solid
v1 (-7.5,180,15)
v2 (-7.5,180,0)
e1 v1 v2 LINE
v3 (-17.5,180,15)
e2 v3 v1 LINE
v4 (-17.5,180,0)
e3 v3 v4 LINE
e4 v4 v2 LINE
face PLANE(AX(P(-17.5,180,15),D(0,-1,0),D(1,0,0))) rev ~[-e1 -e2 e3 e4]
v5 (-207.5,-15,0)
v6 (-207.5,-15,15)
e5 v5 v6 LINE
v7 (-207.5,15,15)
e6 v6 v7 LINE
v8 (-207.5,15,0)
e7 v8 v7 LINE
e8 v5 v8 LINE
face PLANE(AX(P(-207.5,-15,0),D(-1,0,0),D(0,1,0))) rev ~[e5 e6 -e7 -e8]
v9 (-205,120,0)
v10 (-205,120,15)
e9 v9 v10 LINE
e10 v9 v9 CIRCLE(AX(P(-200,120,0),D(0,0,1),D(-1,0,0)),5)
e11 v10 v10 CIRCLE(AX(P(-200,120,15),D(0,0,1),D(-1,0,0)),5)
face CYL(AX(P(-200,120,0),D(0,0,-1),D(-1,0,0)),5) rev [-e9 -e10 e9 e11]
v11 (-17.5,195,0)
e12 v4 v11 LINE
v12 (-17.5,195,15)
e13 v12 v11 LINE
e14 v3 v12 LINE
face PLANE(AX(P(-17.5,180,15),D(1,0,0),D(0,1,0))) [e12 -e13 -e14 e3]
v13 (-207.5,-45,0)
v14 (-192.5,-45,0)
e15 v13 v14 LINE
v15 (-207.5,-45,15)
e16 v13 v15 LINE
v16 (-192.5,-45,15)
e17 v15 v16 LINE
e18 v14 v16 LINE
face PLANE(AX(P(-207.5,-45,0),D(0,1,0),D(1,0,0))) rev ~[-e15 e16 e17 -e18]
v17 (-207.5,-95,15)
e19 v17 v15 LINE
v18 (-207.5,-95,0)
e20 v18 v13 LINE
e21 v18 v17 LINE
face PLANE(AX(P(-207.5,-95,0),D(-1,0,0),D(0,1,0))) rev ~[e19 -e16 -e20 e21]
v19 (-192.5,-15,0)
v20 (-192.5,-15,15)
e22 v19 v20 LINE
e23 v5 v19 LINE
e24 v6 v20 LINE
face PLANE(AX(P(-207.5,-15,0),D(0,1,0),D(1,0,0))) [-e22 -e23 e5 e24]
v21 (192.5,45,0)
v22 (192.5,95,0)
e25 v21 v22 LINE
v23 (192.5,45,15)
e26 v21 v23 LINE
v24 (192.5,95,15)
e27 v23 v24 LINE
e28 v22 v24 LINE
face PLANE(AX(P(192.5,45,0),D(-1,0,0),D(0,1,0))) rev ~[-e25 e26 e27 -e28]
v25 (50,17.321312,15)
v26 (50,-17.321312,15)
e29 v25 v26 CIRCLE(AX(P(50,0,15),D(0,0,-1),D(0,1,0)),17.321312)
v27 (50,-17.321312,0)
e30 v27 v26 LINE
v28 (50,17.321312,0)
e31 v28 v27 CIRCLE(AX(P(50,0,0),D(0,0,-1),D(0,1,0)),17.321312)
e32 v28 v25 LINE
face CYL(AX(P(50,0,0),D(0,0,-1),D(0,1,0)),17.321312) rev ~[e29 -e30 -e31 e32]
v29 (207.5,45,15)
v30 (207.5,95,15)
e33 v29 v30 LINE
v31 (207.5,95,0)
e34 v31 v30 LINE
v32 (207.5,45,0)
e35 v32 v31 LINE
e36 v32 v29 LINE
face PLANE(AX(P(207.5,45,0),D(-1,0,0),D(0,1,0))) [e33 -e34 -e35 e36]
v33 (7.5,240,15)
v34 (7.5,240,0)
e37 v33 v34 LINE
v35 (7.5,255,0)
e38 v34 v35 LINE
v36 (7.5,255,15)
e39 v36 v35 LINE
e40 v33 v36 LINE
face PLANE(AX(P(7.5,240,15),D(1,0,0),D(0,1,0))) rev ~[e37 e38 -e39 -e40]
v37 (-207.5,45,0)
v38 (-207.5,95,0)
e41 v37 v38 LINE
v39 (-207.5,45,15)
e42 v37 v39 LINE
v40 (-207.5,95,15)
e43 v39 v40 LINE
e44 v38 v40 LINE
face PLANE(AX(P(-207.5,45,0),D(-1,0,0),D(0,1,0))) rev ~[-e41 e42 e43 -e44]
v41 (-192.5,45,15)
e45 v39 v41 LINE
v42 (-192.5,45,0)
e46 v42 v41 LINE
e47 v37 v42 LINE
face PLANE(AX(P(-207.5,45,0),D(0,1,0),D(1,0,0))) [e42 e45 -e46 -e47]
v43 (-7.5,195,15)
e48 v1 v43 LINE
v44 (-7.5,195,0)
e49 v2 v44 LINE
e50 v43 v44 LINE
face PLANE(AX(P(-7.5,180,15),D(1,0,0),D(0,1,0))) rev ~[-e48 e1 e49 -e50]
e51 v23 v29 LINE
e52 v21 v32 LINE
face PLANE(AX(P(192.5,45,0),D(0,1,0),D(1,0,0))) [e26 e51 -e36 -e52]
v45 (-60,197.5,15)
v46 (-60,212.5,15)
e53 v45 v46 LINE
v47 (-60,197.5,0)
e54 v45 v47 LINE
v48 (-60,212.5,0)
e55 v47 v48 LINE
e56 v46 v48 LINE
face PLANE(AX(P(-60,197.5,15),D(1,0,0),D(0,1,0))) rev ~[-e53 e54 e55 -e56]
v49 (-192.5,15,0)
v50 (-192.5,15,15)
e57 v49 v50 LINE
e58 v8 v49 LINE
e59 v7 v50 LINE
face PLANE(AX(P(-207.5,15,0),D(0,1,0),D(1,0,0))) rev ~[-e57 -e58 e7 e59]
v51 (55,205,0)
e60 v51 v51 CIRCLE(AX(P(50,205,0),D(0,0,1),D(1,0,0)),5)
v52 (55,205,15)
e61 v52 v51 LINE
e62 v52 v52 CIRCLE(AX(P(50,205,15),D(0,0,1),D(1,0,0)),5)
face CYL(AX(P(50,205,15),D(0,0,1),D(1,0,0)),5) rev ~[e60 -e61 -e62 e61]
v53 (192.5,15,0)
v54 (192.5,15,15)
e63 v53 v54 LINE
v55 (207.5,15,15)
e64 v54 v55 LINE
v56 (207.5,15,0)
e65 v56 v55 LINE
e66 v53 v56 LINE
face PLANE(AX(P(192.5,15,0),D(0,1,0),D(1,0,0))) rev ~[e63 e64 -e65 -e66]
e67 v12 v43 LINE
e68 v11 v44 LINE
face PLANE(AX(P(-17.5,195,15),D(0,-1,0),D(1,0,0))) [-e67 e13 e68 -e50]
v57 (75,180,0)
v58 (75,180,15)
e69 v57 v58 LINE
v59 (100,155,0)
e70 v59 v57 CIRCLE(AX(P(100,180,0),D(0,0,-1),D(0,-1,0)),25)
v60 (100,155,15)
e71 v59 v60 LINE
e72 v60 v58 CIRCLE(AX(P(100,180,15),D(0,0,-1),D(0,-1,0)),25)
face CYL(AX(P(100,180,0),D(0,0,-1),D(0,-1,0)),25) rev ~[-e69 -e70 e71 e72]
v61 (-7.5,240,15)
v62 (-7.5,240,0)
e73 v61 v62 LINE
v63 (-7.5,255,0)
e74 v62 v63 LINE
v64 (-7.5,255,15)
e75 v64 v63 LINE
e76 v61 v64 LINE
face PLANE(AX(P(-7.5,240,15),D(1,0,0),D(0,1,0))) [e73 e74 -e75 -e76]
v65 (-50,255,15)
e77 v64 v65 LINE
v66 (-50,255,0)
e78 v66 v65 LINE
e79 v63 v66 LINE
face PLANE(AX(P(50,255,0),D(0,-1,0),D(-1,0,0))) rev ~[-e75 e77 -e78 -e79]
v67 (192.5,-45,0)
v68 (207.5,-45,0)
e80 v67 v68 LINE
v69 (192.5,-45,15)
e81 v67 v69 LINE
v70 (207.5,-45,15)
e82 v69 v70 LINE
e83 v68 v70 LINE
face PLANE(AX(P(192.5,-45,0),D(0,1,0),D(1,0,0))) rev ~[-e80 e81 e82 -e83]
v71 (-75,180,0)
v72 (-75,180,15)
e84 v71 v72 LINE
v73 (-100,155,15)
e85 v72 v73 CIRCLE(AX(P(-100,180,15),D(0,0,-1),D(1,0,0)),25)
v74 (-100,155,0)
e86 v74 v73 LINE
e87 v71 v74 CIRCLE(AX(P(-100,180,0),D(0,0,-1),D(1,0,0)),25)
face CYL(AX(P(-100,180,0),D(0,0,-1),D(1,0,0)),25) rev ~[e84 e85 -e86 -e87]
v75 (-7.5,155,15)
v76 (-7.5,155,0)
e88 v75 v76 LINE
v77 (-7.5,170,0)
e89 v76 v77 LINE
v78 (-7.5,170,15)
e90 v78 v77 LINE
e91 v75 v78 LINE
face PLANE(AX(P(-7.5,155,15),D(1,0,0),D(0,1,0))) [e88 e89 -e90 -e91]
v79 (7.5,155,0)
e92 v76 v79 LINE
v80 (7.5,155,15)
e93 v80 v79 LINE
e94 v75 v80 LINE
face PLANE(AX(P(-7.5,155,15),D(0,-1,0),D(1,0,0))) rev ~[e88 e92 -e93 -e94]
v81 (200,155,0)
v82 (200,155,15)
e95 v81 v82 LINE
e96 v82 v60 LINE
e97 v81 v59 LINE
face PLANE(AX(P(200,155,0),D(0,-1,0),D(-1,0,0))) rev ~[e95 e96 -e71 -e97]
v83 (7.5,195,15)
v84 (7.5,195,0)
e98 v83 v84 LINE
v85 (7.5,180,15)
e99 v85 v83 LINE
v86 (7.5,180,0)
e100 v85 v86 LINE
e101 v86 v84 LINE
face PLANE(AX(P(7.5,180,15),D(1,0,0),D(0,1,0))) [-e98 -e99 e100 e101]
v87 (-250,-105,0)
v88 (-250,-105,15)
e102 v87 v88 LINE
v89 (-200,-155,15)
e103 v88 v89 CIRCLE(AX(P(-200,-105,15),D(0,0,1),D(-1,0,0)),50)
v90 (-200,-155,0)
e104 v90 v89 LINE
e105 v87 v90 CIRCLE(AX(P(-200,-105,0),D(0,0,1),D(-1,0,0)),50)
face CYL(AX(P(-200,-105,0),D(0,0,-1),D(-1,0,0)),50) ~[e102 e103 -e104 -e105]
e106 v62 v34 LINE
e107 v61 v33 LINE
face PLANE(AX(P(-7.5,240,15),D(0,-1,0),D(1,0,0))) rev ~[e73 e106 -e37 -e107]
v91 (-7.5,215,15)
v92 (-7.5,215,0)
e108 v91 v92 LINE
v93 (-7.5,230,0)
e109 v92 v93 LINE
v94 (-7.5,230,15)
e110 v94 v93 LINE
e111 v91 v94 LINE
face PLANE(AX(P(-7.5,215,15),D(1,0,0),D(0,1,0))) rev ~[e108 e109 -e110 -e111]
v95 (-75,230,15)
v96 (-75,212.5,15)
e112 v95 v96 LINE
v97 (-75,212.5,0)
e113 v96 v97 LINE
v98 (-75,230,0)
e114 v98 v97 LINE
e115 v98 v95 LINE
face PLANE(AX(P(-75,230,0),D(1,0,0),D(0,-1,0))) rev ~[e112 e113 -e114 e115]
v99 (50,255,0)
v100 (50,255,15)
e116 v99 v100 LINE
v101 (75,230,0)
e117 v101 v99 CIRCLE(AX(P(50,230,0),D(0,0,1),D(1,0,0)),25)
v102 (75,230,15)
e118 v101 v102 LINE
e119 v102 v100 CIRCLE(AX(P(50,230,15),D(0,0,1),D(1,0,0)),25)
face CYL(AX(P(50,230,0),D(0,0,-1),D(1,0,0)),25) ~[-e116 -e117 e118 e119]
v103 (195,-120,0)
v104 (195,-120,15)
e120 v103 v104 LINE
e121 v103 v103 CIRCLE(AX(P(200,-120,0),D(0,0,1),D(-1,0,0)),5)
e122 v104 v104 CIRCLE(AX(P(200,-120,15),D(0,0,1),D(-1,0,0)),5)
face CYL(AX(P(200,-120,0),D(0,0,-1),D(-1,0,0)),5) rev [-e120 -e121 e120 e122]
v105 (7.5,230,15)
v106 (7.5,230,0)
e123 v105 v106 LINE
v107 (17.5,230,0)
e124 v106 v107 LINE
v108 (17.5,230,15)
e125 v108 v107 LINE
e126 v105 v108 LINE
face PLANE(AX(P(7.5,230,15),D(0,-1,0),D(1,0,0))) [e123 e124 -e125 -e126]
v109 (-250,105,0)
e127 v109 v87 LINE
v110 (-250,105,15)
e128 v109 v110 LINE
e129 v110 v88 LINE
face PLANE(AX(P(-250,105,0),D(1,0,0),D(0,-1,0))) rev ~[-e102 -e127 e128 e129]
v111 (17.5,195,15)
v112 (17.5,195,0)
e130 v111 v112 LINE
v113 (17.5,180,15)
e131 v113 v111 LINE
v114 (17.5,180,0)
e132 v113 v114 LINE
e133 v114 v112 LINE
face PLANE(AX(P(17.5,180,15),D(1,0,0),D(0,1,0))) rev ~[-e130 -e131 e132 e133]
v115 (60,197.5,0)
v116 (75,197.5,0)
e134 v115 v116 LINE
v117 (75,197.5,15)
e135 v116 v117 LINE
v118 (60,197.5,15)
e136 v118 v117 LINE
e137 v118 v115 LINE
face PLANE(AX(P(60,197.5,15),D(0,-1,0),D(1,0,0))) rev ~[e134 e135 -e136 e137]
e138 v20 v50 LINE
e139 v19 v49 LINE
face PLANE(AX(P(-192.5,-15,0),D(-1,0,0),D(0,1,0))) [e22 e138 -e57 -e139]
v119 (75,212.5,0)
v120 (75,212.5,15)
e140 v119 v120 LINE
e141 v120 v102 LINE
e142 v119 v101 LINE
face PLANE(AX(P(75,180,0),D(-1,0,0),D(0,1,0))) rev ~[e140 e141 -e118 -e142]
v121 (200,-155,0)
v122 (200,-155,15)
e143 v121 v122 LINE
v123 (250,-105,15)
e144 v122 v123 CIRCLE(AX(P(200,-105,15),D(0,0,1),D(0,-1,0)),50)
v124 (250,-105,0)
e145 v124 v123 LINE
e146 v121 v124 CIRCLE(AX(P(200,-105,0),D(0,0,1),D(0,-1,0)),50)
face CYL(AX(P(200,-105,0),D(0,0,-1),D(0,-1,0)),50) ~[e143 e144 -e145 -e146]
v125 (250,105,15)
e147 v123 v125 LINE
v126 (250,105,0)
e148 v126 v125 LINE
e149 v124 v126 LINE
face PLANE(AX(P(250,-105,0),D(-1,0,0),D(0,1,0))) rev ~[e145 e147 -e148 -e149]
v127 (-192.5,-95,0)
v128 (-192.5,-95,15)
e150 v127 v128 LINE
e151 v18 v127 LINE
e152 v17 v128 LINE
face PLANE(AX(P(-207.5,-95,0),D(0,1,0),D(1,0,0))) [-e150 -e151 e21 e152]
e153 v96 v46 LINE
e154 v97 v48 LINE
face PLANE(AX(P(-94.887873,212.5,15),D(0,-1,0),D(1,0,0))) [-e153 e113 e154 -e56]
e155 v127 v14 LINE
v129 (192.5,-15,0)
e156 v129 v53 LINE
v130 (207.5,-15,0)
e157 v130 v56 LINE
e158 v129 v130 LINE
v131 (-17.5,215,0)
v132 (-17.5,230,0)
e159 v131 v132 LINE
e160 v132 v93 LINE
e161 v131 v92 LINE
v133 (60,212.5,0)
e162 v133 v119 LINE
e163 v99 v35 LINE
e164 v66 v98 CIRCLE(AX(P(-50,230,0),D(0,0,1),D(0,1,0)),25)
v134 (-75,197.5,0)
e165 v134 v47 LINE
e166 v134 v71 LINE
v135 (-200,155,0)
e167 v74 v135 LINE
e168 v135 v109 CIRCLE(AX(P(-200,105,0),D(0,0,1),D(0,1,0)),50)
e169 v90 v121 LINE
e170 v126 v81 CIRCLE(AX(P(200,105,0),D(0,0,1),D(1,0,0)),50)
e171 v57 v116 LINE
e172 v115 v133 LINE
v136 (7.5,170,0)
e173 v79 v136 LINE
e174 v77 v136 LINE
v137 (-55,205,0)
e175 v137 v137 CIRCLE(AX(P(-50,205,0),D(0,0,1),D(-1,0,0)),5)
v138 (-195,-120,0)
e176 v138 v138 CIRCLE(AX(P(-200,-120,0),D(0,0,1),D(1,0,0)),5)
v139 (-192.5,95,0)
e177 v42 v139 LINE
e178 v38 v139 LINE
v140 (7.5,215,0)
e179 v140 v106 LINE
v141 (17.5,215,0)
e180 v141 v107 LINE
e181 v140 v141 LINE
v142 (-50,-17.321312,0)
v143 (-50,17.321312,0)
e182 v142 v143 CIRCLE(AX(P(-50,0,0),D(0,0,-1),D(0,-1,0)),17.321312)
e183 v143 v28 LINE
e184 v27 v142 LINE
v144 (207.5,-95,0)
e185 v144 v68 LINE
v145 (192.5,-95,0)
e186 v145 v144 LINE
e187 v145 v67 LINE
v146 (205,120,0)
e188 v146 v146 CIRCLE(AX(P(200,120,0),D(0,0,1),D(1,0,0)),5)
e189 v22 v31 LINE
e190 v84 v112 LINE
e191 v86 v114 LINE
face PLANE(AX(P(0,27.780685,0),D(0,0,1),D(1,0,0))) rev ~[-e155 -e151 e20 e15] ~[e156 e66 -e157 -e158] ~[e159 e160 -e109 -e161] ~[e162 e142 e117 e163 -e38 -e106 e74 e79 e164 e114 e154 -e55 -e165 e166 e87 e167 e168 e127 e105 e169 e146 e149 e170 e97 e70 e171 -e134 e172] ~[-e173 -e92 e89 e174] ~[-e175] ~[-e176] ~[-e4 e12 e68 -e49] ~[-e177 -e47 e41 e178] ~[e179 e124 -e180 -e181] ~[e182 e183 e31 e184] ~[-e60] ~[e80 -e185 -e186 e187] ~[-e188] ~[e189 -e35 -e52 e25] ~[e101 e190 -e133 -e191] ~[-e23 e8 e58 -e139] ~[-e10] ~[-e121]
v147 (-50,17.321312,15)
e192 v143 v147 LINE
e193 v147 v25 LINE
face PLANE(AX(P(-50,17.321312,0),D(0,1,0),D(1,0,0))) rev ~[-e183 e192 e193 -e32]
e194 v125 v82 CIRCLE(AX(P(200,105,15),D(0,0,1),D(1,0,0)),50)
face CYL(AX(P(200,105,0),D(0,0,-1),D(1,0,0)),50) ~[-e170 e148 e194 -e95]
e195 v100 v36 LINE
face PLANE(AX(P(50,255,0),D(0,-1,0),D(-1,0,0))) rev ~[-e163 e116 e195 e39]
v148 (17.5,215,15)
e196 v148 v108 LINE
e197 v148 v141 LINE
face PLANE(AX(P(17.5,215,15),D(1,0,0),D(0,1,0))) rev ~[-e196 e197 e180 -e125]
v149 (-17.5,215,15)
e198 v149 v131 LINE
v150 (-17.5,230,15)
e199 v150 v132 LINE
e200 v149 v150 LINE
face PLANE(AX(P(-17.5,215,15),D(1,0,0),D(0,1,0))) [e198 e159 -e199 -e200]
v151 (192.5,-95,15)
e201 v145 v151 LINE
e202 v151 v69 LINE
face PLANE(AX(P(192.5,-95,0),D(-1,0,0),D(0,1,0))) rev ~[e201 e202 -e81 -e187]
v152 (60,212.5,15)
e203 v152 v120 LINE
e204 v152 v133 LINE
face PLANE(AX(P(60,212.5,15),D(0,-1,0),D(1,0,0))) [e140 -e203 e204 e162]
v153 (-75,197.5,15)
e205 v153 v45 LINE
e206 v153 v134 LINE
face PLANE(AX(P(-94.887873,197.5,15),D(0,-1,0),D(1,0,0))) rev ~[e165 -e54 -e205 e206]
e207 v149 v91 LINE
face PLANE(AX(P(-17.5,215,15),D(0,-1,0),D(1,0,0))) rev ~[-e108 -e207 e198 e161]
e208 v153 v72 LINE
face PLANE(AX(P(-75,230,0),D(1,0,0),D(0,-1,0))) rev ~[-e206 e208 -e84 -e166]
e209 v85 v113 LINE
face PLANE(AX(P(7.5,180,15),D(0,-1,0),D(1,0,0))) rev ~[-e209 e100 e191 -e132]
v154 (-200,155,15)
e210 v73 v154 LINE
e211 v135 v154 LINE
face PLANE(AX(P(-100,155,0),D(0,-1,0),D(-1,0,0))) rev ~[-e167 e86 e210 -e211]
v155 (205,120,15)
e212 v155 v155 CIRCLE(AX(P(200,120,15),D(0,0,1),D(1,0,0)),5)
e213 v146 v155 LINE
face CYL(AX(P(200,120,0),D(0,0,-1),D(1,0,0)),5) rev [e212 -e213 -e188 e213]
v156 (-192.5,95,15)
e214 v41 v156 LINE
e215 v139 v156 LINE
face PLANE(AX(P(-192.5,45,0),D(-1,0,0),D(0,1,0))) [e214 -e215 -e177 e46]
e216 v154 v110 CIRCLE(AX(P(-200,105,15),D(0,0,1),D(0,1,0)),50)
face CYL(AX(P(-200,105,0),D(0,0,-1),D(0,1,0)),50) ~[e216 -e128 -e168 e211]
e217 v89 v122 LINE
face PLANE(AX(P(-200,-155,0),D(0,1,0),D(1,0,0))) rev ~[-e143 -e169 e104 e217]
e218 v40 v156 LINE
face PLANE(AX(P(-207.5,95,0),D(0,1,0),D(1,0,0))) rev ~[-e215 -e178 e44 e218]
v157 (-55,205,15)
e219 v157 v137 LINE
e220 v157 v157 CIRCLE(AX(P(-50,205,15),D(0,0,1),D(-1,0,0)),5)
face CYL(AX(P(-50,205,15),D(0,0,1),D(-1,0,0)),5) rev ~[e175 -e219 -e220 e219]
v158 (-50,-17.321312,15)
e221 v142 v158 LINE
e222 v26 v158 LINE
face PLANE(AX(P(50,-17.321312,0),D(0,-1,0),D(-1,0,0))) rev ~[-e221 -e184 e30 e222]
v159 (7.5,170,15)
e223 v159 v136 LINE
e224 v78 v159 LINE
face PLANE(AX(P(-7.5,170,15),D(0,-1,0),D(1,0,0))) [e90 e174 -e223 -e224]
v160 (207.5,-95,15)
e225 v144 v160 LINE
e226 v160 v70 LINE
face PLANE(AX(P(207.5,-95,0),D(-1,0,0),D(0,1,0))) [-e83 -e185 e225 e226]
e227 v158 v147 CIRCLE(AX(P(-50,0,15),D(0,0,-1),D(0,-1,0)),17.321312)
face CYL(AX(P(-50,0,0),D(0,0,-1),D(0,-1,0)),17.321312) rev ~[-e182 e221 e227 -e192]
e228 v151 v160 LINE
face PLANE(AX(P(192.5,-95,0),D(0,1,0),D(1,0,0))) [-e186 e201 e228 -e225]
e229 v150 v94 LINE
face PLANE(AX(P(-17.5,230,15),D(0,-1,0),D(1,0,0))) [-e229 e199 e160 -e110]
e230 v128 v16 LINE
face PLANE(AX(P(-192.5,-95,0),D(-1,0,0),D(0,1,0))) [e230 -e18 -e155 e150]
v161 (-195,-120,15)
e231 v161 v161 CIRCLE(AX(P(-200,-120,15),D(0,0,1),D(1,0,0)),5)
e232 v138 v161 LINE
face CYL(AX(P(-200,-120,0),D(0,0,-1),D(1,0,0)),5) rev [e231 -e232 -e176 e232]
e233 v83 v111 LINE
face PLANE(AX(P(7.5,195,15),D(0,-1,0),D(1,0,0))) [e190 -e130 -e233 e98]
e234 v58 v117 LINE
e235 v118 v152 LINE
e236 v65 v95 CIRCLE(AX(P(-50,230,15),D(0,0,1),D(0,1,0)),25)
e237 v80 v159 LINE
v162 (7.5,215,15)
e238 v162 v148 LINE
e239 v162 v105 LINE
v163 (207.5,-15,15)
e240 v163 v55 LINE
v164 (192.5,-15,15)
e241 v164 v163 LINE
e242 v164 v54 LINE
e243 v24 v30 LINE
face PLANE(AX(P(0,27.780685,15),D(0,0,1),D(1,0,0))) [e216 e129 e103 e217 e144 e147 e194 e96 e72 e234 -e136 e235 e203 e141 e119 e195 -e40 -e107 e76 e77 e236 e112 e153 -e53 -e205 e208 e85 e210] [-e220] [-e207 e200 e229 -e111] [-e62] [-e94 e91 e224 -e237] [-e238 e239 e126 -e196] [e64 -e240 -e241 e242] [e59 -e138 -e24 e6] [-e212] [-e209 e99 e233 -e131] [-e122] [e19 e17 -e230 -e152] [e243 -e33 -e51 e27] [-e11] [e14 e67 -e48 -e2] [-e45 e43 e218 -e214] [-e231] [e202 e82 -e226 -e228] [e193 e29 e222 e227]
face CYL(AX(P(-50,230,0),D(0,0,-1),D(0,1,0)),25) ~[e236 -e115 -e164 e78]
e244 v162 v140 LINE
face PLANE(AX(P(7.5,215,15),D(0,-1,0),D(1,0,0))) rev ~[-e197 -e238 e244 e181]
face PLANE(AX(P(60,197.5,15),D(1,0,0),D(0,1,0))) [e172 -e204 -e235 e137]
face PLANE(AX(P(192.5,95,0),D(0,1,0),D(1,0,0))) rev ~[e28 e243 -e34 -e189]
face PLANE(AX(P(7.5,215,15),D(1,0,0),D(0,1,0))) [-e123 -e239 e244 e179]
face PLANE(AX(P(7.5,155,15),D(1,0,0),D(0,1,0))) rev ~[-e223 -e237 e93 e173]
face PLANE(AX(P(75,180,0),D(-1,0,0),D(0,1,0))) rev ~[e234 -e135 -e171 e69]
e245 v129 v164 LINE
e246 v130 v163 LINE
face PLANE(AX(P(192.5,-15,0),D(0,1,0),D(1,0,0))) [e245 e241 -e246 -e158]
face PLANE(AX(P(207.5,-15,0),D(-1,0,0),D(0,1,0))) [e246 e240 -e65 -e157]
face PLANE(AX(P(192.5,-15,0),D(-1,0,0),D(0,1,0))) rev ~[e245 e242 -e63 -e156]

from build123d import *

# Parameters (mm, degrees)
ESQUISSE1_R             = 5
ESQUISSE1_W             = 15
ESQUISSE1_H             = 30
ESQUISSE1_H_2           = 50
BOSS_EXTRU_1_DEPTH      = 15
ESQUISSE2_R             = 5
ESQUISSE2_W             = 34.887872932
ESQUISSE2_H             = 15
ESQUISSE2_W_2           = 15
ESQUISSE2_W_3           = 10
ENL_V_MAT_EXTRU_1_DEPTH = 358.421320013


with BuildPart() as part:
    # Esquisse1 → Boss.-Extru.1 (new body)
    with BuildSketch(Plane.XY):
        with BuildLine():
            Line((-200, -155), (200, -155))
            ThreePointArc((200, -155), (235.355339059, -140.355339059), (250, -105))
            Line((250, -105), (250, 105))
            ThreePointArc((250, 105), (235.355339059, 140.355339059), (200, 155))
            Line((200, 155), (100, 155))
            ThreePointArc((100, 155), (82.32233047, 162.32233047), (75, 180))
            Line((75, 180), (75, 230))
            ThreePointArc((75, 230), (67.67766953, 247.67766953), (50, 255))
            Line((50, 255), (-50, 255))
            ThreePointArc((-50, 255), (-67.67766953, 247.67766953), (-75, 230))
            Line((-75, 230), (-75, 180))
            ThreePointArc((-75, 180), (-82.32233047, 162.32233047), (-100, 155))
            Line((-100, 155), (-200, 155))
            ThreePointArc((-200, 155), (-235.355339059, 140.355339059), (-250, 105))
            Line((-250, 105), (-250, -105))
            ThreePointArc((-250, -105), (-235.355339059, -140.355339059), (-200, -155))
        make_face()
        with Locations((200, 120)):
            Circle(ESQUISSE1_R, mode=Mode.SUBTRACT)
        with Locations(Location((200, -120, 0), (0, 0, 180))):
            Circle(ESQUISSE1_R, mode=Mode.SUBTRACT)
        with Locations((-200, -120)):
            Circle(ESQUISSE1_R, mode=Mode.SUBTRACT)
        with Locations(Location((-200, 120, 0), (0, 0, 180))):
            Circle(ESQUISSE1_R, mode=Mode.SUBTRACT)
        with Locations((200, 0)):
            Rectangle(ESQUISSE1_W, ESQUISSE1_H, mode=Mode.SUBTRACT)
        with Locations((200, 70)):
            Rectangle(ESQUISSE1_W, ESQUISSE1_H_2, mode=Mode.SUBTRACT)
        with Locations((200, -70)):
            Rectangle(ESQUISSE1_W, ESQUISSE1_H_2, mode=Mode.SUBTRACT)
        with Locations((-200, -70)):
            Rectangle(ESQUISSE1_W, ESQUISSE1_H_2, mode=Mode.SUBTRACT)
        with Locations((-200, 0)):
            Rectangle(ESQUISSE1_W, ESQUISSE1_H, mode=Mode.SUBTRACT)
        with Locations((-200, 70)):
            Rectangle(ESQUISSE1_W, ESQUISSE1_H_2, mode=Mode.SUBTRACT)
        with BuildLine():
            Line((50, -17.321312087), (-50, -17.321312087))
            ThreePointArc((-50, -17.321312087), (-67.321312087, 0), (-50, 17.321312087))
            Line((-50, 17.321312087), (50, 17.321312087))
            ThreePointArc((50, 17.321312087), (67.321312087, 0), (50, -17.321312087))
        make_face(mode=Mode.SUBTRACT)
    extrude(amount=BOSS_EXTRU_1_DEPTH)

    # Esquisse2 → Enlèv. mat.-Extru.1 (cut, through all)
    with BuildSketch(Plane.XY.offset(15)):
        with Locations((50, 205)):
            Circle(ESQUISSE2_R)
        with Locations(Location((-50, 205, 0), (0, 0, 180))):
            Circle(ESQUISSE2_R)
        with Locations((77.443936466, 205)):
            Rectangle(ESQUISSE2_W, ESQUISSE2_H)
        with Locations((0, 247.5)):
            Rectangle(ESQUISSE2_W_2, ESQUISSE2_H)
        with Locations((-77.443936466, 205)):
            Rectangle(ESQUISSE2_W, ESQUISSE2_H)
        with Locations((0, 162.5)):
            Rectangle(ESQUISSE2_W_2, ESQUISSE2_H)
        with Locations((12.5, 222.5)):
            Rectangle(ESQUISSE2_W_3, ESQUISSE2_H)
        with Locations((-12.5, 222.5)):
            Rectangle(ESQUISSE2_W_3, ESQUISSE2_H)
        with Locations((12.5, 187.5)):
            Rectangle(ESQUISSE2_W_3, ESQUISSE2_H)
        with Locations((-12.5, 187.5)):
            Rectangle(ESQUISSE2_W_3, ESQUISSE2_H)
    extrude(amount=-ENL_V_MAT_EXTRU_1_DEPTH, mode=Mode.SUBTRACT)


solid = part.part
